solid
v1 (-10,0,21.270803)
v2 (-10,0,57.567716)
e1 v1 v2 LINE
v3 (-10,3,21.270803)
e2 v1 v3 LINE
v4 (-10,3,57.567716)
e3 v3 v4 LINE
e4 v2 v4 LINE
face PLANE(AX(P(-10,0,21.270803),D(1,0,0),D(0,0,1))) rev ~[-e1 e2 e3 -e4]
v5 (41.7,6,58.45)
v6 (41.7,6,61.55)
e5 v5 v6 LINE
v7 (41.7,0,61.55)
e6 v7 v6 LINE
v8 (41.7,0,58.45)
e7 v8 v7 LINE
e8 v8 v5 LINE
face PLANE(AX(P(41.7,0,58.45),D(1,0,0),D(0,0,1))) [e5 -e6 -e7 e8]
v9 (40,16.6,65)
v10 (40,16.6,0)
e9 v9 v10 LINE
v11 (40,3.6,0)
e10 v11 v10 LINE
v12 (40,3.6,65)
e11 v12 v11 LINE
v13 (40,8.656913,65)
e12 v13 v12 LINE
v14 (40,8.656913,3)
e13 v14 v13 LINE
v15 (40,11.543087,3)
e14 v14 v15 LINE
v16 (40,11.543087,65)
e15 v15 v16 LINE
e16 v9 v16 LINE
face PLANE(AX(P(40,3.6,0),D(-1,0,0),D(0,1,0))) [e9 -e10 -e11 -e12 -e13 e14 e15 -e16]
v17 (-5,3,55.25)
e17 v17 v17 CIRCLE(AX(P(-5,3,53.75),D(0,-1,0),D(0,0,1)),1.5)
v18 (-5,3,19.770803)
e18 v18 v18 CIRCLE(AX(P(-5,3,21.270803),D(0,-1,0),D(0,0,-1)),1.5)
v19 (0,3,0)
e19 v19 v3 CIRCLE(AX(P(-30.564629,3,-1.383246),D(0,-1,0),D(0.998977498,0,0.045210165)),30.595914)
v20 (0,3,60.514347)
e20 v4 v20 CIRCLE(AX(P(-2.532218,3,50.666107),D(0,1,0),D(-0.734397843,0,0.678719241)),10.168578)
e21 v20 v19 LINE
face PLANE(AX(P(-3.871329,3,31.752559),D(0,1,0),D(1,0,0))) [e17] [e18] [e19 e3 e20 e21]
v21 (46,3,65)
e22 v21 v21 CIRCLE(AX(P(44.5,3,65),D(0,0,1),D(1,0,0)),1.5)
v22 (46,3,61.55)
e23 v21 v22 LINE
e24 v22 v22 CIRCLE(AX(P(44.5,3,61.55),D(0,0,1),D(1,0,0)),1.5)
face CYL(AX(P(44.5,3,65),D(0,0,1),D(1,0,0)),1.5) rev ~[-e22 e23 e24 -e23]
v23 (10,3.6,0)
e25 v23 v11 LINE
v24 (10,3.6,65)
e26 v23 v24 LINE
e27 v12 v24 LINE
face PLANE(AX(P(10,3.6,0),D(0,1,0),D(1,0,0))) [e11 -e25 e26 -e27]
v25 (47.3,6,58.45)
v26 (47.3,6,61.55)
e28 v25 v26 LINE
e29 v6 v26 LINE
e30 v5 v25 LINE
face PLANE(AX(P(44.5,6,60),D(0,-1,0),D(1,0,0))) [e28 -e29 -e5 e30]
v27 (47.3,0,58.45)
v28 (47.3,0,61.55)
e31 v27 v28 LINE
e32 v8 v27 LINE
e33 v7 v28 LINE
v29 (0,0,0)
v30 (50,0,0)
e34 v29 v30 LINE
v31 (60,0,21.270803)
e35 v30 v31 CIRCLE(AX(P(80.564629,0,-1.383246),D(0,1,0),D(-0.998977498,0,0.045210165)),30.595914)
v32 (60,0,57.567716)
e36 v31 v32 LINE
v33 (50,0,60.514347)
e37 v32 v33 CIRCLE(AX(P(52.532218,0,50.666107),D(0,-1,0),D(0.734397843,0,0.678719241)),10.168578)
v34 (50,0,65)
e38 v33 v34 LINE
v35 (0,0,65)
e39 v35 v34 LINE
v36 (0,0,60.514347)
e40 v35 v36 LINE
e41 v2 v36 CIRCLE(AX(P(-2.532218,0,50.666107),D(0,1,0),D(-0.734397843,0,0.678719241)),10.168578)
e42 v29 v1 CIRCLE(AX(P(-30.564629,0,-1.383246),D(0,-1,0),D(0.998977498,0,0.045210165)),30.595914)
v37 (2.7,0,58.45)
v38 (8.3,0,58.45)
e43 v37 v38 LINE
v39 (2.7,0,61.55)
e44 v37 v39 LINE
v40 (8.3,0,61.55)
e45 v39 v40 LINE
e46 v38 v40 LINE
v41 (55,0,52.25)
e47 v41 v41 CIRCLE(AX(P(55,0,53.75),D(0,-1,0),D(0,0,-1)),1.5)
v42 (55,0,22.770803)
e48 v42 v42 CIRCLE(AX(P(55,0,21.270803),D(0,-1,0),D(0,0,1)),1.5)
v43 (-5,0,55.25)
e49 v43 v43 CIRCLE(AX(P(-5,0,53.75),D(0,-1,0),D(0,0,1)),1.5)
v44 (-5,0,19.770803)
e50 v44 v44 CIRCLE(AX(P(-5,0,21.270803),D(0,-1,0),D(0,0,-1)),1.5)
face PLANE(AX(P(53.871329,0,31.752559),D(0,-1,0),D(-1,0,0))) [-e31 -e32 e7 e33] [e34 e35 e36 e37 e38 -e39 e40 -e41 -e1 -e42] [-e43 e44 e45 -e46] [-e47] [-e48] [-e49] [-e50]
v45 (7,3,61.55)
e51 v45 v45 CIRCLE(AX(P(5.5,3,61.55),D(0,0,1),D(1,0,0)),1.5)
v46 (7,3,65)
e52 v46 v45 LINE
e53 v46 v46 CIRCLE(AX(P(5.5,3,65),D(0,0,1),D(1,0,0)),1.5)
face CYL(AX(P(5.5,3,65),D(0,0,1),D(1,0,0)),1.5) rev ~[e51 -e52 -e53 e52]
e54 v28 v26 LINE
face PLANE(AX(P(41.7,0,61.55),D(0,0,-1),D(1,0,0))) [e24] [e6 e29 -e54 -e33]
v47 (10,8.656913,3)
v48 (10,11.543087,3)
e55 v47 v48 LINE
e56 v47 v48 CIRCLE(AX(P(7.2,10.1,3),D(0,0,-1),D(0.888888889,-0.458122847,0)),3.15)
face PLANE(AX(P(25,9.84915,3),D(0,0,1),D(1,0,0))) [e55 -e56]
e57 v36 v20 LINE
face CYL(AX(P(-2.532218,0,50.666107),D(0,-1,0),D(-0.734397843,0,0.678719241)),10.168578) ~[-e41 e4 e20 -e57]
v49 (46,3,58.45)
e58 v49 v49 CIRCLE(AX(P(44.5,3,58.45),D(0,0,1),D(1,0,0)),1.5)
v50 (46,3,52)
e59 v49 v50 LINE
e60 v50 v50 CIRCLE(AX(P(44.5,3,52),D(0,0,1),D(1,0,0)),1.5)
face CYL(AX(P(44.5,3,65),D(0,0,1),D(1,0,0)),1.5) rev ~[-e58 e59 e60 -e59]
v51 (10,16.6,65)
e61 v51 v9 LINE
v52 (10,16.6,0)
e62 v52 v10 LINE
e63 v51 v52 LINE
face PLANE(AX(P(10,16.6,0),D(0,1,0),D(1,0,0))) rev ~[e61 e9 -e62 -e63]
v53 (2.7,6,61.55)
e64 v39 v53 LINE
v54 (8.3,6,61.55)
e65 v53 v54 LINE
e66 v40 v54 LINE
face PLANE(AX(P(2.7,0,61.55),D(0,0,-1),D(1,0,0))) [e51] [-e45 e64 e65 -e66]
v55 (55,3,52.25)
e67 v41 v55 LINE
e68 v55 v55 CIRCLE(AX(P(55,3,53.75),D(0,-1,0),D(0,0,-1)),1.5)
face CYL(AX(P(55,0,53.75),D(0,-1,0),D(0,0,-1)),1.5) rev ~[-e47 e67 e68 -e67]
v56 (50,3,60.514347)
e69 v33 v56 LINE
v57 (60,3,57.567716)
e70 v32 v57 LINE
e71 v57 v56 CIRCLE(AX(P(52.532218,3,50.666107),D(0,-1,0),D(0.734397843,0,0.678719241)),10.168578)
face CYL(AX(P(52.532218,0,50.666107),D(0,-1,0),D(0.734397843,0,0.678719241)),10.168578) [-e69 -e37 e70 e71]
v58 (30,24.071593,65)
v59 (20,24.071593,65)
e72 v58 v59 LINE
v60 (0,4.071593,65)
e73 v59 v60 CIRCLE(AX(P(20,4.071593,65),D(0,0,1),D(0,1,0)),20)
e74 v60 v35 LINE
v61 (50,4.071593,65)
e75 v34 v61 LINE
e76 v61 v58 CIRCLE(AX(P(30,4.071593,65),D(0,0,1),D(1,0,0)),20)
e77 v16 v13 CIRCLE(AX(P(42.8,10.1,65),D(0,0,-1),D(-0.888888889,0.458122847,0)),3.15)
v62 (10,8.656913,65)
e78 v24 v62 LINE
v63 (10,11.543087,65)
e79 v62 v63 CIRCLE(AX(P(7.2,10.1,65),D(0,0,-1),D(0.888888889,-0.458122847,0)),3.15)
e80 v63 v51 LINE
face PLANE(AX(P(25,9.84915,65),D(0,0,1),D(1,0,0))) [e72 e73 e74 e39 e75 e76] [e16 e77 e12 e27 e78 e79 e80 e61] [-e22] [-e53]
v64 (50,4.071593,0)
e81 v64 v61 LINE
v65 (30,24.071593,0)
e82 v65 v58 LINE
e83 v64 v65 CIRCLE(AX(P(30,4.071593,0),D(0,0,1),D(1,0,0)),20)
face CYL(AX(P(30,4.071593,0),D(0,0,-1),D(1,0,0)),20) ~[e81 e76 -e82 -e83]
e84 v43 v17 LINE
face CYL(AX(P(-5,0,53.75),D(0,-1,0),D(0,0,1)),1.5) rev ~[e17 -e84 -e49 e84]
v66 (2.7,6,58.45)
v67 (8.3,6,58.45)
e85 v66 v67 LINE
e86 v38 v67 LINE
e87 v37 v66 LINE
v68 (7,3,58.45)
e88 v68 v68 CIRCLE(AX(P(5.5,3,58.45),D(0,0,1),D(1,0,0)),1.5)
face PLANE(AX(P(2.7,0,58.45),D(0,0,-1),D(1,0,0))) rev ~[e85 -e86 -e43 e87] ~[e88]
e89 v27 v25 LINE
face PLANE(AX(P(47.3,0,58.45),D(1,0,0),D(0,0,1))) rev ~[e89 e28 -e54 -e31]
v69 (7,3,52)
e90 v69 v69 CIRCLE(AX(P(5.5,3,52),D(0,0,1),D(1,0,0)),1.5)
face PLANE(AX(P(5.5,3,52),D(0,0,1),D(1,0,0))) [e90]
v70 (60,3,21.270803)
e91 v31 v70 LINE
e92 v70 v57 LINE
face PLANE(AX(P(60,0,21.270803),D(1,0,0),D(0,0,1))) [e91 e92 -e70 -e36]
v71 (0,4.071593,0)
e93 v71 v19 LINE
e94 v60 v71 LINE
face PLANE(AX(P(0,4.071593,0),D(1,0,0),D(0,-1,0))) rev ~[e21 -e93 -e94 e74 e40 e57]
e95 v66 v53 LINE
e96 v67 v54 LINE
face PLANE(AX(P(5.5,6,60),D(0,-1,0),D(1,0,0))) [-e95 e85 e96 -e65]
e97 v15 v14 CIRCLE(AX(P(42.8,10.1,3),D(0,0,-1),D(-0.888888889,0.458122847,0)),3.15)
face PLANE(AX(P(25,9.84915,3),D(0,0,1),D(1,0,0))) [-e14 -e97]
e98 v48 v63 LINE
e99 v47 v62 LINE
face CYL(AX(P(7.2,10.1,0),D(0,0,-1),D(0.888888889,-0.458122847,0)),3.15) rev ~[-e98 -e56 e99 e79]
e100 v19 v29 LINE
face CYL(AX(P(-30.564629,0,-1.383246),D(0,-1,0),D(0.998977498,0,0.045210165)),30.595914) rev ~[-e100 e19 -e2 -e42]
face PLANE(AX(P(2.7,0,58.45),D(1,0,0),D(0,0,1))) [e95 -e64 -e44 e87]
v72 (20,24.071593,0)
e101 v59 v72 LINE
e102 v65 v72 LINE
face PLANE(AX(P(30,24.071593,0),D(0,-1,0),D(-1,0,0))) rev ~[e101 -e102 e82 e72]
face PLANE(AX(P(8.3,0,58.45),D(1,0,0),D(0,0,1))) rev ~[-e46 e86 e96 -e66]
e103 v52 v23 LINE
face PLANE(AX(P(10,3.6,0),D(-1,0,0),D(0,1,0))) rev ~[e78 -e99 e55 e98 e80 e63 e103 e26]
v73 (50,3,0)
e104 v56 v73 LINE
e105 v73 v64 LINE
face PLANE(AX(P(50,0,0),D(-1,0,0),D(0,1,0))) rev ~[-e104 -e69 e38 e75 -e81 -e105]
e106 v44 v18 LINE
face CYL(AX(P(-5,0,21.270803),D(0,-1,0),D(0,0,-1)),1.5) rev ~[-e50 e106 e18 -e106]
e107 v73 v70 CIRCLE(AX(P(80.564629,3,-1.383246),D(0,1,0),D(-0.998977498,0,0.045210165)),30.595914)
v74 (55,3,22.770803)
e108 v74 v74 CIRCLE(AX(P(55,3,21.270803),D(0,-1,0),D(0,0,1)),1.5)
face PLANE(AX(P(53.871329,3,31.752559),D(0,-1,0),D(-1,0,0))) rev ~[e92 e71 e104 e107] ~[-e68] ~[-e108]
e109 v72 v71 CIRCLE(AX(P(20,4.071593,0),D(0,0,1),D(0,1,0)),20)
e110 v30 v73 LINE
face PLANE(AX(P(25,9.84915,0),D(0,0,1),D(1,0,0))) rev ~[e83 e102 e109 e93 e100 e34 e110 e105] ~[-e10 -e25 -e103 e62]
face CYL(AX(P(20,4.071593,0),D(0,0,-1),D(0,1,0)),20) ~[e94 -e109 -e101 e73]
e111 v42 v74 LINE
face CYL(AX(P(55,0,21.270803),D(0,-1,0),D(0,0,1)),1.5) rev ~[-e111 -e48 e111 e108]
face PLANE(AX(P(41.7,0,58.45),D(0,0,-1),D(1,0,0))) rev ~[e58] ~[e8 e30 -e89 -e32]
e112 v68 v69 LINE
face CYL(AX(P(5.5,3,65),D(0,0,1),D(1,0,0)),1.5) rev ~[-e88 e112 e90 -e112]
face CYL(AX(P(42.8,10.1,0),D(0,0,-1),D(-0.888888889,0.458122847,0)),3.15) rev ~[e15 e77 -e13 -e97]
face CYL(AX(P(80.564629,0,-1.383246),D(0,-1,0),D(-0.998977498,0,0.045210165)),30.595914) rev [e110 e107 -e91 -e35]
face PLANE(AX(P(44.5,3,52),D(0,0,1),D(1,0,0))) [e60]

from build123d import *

# Parameters (mm, degrees)
SKETCH1_W           = 30
SKETCH1_H           = 13
BOSS_EXTRUDE2_DEPTH = 3
BOSS_EXTRUDE3_DEPTH = 65
SKETCH5_R           = 1.5
CUT_EXTRUDE3_DEPTH  = 13
SKETCH6_R           = 1.5
BOSS_EXTRUDE4_DEPTH = 3
SKETCH7_W           = 5.6
SKETCH7_H           = 3.1
CUT_EXTRUDE4_DEPTH  = 6


with BuildPart() as part:
    # Sketch1 → Boss-Extrude2 (new body)
    with BuildSketch(Plane.XY):
        with BuildLine():
            Line((0, 4.071593084), (0, 0))
            Line((0, 0), (50, 0))
            Line((50, 0), (50, 4.071593084))
            ThreePointArc((50, 4.071593084), (44.142135624, 18.213728707), (30, 24.071593084))
            Line((30, 24.071593084), (20, 24.071593084))
            ThreePointArc((20, 24.071593084), (5.857864376, 18.213728707), (0, 4.071593084))
        make_face()
        with Locations((25, 10.1)):
            Rectangle(SKETCH1_W, SKETCH1_H, mode=Mode.SUBTRACT)
    extrude(amount=BOSS_EXTRUDE2_DEPTH)

    # Sketch1<4> → Boss-Extrude3 (add)
    with BuildSketch(Plane.XY):
        with BuildLine():
            Line((0, 4.071593084), (0, 0))
            Line((0, 0), (50, 0))
            Line((50, 0), (50, 4.071593084))
            ThreePointArc((50, 4.071593084), (44.142135624, 18.213728707), (30, 24.071593084))
            Line((30, 24.071593084), (20, 24.071593084))
            ThreePointArc((20, 24.071593084), (5.857864376, 18.213728707), (0, 4.071593084))
        make_face()
        with BuildLine():
            Line((10, 11.543086969), (10, 16.6))
            Line((10, 16.6), (40, 16.6))
            Line((40, 16.6), (40, 11.543086969))
            ThreePointArc((40, 11.543086969), (45.95, 10.1), (40, 8.656913031))
            Line((40, 8.656913031), (40, 3.6))
            Line((40, 3.6), (25, 3.6))
            Line((25, 3.6), (10, 3.6))
            Line((10, 3.6), (10, 8.656913031))
            ThreePointArc((10, 8.656913031), (4.05, 10.1), (10, 11.543086969))
        make_face(mode=Mode.SUBTRACT)
    extrude(amount=BOSS_EXTRUDE3_DEPTH)

    # Sketch5 → Cut-Extrude3 (cut)
    with BuildSketch(Plane.XY.offset(65)):
        with Locations((5.5, 3)):
            Circle(SKETCH5_R)
        with Locations((44.5, 3)):
            Circle(SKETCH5_R)
    extrude(amount=-CUT_EXTRUDE3_DEPTH, mode=Mode.SUBTRACT)

    # Sketch6 → Boss-Extrude4 (add)
    # profile 1 of 2: a face of its own
    with BuildSketch(Plane(origin=(0, 0, 0), x_dir=(-1, 0, 0), z_dir=(0, -1, 0))):
        with BuildLine():
            Line((-60, -21.270803163), (-60, -57.567716257))
            ThreePointArc((-60, -57.567716257), (-55.406345217, -60.42004806), (-50, -60.514347456))
            Line((-50, -60.514347456), (-50, 0))
            ThreePointArc((-50, 0), (-52.87596668, -11.633969103), (-60, -21.270803163))
        make_face()
        with Locations((-55, -53.75)):
            Circle(SKETCH6_R, mode=Mode.SUBTRACT)
        with Locations((-55, -21.270803163)):
            Circle(SKETCH6_R, mode=Mode.SUBTRACT)
    # profile 2 of 2: a face of its own
    with BuildSketch(Plane(origin=(0, 0, 0), x_dir=(-1, 0, 0), z_dir=(0, -1, 0))):
        with BuildLine():
            Line((0, -60.514347456), (0, 0))
            ThreePointArc((0, 0), (2.87596668, -11.633969103), (10, -21.270803163))
            Line((10, -21.270803163), (10, -57.567716257))
            ThreePointArc((10, -57.567716257), (5.406345217, -60.42004806), (0, -60.514347456))
        make_face()
        with Locations((5, -21.270803163)):
            Circle(SKETCH6_R, mode=Mode.SUBTRACT)
        with Locations((5, -53.75)):
            Circle(SKETCH6_R, mode=Mode.SUBTRACT)
    extrude(amount=-BOSS_EXTRUDE4_DEPTH)

    # Sketch7 → Cut-Extrude4 (cut)
    with BuildSketch(Plane.XZ):
        with Locations((44.5, 60)):
            Rectangle(SKETCH7_W, SKETCH7_H)
        with Locations((5.5, 60)):
            Rectangle(SKETCH7_W, SKETCH7_H)
    extrude(amount=-CUT_EXTRUDE4_DEPTH, mode=Mode.SUBTRACT)


solid = part.part
